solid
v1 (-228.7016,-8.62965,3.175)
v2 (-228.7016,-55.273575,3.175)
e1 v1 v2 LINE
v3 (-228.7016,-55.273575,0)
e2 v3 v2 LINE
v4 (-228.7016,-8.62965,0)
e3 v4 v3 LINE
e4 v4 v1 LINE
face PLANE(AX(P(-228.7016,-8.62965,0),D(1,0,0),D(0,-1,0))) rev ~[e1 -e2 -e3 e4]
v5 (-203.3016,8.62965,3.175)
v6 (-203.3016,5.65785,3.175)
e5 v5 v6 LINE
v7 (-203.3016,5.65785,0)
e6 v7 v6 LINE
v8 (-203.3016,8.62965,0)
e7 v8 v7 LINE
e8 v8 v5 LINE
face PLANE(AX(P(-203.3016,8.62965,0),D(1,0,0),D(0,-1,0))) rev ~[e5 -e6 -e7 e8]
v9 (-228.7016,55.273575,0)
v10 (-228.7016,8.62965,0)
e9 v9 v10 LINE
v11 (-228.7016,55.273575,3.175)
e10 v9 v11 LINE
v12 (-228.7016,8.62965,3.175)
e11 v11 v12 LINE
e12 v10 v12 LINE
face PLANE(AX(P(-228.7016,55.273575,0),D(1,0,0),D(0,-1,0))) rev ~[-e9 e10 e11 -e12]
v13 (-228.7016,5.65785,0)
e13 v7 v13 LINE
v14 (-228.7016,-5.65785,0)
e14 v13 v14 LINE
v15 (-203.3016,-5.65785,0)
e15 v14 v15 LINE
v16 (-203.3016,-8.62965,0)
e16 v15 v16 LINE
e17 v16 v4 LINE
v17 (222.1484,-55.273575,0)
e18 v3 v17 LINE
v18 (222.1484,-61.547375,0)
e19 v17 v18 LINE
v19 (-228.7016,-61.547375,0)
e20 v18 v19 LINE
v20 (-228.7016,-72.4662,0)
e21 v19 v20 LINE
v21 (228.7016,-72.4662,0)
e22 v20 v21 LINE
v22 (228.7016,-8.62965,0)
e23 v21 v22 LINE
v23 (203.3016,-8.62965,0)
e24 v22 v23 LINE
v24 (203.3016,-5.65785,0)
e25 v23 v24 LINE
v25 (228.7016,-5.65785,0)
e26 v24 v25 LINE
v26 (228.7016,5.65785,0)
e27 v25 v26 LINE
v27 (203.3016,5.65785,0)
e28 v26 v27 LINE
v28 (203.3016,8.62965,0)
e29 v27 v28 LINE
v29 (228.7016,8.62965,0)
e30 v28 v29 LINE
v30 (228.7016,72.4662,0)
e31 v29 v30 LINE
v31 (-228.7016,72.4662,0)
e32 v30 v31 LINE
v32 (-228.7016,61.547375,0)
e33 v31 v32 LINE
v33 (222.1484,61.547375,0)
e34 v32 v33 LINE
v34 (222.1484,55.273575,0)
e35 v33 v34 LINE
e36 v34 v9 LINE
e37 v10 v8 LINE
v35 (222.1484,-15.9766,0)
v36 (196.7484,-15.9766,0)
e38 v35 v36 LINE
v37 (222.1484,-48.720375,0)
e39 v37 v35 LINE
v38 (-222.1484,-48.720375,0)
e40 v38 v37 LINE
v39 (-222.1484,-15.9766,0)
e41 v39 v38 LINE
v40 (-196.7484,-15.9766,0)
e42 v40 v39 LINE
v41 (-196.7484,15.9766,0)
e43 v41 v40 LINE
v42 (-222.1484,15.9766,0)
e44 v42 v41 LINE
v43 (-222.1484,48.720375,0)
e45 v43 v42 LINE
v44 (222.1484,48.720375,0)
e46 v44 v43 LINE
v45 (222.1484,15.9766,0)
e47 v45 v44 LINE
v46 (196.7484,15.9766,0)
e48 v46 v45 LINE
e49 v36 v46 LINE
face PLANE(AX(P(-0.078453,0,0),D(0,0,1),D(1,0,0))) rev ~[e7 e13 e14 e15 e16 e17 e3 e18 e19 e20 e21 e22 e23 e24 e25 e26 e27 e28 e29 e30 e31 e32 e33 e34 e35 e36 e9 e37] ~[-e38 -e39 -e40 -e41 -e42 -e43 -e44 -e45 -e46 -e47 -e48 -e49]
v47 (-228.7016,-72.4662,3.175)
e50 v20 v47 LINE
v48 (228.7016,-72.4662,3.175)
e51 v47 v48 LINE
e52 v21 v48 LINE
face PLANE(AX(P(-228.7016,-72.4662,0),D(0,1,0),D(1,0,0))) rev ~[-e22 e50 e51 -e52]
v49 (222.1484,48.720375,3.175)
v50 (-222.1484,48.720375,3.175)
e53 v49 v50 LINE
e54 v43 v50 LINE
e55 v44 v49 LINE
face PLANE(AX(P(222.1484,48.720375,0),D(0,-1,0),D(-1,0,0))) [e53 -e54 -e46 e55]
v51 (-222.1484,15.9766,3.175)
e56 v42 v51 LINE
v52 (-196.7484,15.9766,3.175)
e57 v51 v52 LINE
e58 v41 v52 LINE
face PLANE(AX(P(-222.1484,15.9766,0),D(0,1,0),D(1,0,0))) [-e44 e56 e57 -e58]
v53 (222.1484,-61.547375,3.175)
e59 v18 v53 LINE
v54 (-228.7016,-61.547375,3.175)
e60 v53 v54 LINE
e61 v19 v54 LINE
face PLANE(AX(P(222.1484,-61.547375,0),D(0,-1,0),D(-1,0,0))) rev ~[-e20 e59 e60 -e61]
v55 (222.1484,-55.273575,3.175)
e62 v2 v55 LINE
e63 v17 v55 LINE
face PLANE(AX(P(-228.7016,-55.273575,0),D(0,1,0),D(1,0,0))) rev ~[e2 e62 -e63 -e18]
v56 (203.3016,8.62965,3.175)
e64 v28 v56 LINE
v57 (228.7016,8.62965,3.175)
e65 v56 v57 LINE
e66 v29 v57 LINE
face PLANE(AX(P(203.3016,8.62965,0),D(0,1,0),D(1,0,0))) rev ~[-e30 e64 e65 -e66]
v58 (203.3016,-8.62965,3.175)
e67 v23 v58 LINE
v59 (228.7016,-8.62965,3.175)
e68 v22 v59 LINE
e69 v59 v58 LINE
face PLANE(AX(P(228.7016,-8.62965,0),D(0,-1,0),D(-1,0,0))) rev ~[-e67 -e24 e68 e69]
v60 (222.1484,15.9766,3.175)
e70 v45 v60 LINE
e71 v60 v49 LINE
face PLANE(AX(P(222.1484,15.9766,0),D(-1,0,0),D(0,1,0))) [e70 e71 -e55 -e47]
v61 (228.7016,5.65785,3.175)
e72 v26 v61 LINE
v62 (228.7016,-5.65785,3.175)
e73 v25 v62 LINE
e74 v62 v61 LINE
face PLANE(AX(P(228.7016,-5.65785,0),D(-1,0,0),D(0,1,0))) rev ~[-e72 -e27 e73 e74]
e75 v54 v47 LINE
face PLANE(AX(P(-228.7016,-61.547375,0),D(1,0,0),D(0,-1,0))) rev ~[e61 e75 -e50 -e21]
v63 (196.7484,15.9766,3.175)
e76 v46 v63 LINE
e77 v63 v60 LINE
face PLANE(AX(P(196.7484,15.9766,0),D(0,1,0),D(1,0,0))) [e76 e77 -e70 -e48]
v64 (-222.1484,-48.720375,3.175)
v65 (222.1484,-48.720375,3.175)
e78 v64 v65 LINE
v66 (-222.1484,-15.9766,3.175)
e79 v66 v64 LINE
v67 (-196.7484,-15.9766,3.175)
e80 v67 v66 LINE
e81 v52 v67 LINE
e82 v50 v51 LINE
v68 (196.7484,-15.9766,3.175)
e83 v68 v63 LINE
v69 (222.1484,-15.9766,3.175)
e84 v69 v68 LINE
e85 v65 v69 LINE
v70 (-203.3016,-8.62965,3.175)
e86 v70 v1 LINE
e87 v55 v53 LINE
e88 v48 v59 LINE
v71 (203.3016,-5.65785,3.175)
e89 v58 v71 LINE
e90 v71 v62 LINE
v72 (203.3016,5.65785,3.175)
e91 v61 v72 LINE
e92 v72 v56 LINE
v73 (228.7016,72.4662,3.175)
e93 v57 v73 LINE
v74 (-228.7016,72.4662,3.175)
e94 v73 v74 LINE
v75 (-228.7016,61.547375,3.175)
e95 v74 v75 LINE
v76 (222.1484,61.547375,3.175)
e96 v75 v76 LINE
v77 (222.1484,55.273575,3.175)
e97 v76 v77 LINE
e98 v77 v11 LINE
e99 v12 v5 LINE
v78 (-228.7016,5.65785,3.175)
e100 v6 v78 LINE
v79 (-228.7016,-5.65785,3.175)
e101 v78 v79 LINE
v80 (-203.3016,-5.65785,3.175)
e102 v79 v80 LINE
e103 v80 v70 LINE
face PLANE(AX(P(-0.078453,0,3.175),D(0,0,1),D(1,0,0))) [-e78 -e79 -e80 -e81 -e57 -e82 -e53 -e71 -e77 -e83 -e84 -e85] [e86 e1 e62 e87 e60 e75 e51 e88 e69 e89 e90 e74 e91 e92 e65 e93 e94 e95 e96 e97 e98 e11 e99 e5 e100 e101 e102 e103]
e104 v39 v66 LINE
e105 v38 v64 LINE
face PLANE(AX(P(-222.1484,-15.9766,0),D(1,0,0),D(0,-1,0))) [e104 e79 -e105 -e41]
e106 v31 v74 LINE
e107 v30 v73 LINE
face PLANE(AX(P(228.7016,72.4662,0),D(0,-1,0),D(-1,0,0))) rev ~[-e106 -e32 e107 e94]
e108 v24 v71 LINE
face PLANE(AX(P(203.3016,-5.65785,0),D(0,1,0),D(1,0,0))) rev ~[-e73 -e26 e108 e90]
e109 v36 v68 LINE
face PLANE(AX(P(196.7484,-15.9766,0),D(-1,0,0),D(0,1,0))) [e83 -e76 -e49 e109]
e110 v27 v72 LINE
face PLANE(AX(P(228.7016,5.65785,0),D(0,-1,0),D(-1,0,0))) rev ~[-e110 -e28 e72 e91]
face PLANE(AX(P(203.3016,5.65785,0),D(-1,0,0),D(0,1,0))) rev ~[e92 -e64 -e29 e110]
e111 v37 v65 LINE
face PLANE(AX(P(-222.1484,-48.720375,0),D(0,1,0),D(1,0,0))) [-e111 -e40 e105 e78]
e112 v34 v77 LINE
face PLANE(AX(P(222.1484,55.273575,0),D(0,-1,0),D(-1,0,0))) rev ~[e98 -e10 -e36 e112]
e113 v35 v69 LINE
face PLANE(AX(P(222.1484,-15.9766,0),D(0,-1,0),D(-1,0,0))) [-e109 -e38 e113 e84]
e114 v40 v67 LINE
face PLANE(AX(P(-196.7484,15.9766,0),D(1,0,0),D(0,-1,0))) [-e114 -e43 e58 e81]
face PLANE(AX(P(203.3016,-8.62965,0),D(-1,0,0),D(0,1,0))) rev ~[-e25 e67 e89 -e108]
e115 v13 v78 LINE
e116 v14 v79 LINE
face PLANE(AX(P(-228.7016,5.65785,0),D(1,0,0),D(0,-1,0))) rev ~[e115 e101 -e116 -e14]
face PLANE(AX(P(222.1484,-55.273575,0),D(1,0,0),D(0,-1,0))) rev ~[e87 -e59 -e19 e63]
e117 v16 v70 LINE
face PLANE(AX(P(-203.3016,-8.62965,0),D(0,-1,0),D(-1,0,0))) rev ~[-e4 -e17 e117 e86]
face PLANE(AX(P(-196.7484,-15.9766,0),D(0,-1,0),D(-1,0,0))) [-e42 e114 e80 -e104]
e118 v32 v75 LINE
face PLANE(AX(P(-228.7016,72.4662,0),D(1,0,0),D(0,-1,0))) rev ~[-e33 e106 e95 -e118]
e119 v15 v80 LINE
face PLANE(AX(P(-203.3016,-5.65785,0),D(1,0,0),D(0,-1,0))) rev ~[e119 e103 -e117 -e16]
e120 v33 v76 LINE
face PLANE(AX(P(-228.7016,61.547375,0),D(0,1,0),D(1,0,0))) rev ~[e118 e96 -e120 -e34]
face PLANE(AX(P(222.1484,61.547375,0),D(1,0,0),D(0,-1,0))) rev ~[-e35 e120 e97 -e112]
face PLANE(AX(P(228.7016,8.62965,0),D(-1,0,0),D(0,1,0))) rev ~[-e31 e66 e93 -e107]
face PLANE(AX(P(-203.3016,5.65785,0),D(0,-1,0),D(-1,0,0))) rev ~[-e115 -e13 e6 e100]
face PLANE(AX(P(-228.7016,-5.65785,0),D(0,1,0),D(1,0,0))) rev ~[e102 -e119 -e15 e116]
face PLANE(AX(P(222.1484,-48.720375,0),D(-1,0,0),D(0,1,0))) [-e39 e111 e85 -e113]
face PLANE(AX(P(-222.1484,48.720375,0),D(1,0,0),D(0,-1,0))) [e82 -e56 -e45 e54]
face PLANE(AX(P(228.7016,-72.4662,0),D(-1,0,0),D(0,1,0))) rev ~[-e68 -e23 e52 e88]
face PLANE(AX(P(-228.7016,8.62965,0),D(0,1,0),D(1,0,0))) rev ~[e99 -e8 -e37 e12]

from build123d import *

# Parameters (mm, degrees)
BOSS_EXTRUDE1_DEPTH = 3.175


with BuildPart() as part:
    # Sketch1 → Boss-Extrude1 (new body)
    with BuildSketch(Plane.XY):
        Polygon((-228.7016, 8.62965), (-203.3016, 8.62965), (-203.3016, 5.65785), (-228.7016, 5.65785), (-228.7016, -5.65785), (-203.3016, -5.65785), (-203.3016, -8.62965), (-228.7016, -8.62965), (-228.7016, -55.273575), (222.1484, -55.273575), (222.1484, -61.547375), (-228.7016, -61.547375), (-228.7016, -72.4662), (228.7016, -72.4662), (228.7016, -8.62965), (203.3016, -8.62965), (203.3016, -5.65785), (228.7016, -5.65785), (228.7016, 5.65785), (203.3016, 5.65785), (203.3016, 8.62965), (228.7016, 8.62965), (228.7016, 72.4662), (-228.7016, 72.4662), (-228.7016, 61.547375), (222.1484, 61.547375), (222.1484, 55.273575), (-228.7016, 55.273575), align=None)
        Polygon((222.1484, -48.720375), (222.1484, -15.9766), (196.7484, -15.9766), (196.7484, 15.9766), (222.1484, 15.9766), (222.1484, 48.720375), (-222.1484, 48.720375), (-222.1484, 15.9766), (-196.7484, 15.9766), (-196.7484, -15.9766), (-222.1484, -15.9766), (-222.1484, -48.720375), align=None, mode=Mode.SUBTRACT)
    extrude(amount=BOSS_EXTRUDE1_DEPTH)


solid = part.part
